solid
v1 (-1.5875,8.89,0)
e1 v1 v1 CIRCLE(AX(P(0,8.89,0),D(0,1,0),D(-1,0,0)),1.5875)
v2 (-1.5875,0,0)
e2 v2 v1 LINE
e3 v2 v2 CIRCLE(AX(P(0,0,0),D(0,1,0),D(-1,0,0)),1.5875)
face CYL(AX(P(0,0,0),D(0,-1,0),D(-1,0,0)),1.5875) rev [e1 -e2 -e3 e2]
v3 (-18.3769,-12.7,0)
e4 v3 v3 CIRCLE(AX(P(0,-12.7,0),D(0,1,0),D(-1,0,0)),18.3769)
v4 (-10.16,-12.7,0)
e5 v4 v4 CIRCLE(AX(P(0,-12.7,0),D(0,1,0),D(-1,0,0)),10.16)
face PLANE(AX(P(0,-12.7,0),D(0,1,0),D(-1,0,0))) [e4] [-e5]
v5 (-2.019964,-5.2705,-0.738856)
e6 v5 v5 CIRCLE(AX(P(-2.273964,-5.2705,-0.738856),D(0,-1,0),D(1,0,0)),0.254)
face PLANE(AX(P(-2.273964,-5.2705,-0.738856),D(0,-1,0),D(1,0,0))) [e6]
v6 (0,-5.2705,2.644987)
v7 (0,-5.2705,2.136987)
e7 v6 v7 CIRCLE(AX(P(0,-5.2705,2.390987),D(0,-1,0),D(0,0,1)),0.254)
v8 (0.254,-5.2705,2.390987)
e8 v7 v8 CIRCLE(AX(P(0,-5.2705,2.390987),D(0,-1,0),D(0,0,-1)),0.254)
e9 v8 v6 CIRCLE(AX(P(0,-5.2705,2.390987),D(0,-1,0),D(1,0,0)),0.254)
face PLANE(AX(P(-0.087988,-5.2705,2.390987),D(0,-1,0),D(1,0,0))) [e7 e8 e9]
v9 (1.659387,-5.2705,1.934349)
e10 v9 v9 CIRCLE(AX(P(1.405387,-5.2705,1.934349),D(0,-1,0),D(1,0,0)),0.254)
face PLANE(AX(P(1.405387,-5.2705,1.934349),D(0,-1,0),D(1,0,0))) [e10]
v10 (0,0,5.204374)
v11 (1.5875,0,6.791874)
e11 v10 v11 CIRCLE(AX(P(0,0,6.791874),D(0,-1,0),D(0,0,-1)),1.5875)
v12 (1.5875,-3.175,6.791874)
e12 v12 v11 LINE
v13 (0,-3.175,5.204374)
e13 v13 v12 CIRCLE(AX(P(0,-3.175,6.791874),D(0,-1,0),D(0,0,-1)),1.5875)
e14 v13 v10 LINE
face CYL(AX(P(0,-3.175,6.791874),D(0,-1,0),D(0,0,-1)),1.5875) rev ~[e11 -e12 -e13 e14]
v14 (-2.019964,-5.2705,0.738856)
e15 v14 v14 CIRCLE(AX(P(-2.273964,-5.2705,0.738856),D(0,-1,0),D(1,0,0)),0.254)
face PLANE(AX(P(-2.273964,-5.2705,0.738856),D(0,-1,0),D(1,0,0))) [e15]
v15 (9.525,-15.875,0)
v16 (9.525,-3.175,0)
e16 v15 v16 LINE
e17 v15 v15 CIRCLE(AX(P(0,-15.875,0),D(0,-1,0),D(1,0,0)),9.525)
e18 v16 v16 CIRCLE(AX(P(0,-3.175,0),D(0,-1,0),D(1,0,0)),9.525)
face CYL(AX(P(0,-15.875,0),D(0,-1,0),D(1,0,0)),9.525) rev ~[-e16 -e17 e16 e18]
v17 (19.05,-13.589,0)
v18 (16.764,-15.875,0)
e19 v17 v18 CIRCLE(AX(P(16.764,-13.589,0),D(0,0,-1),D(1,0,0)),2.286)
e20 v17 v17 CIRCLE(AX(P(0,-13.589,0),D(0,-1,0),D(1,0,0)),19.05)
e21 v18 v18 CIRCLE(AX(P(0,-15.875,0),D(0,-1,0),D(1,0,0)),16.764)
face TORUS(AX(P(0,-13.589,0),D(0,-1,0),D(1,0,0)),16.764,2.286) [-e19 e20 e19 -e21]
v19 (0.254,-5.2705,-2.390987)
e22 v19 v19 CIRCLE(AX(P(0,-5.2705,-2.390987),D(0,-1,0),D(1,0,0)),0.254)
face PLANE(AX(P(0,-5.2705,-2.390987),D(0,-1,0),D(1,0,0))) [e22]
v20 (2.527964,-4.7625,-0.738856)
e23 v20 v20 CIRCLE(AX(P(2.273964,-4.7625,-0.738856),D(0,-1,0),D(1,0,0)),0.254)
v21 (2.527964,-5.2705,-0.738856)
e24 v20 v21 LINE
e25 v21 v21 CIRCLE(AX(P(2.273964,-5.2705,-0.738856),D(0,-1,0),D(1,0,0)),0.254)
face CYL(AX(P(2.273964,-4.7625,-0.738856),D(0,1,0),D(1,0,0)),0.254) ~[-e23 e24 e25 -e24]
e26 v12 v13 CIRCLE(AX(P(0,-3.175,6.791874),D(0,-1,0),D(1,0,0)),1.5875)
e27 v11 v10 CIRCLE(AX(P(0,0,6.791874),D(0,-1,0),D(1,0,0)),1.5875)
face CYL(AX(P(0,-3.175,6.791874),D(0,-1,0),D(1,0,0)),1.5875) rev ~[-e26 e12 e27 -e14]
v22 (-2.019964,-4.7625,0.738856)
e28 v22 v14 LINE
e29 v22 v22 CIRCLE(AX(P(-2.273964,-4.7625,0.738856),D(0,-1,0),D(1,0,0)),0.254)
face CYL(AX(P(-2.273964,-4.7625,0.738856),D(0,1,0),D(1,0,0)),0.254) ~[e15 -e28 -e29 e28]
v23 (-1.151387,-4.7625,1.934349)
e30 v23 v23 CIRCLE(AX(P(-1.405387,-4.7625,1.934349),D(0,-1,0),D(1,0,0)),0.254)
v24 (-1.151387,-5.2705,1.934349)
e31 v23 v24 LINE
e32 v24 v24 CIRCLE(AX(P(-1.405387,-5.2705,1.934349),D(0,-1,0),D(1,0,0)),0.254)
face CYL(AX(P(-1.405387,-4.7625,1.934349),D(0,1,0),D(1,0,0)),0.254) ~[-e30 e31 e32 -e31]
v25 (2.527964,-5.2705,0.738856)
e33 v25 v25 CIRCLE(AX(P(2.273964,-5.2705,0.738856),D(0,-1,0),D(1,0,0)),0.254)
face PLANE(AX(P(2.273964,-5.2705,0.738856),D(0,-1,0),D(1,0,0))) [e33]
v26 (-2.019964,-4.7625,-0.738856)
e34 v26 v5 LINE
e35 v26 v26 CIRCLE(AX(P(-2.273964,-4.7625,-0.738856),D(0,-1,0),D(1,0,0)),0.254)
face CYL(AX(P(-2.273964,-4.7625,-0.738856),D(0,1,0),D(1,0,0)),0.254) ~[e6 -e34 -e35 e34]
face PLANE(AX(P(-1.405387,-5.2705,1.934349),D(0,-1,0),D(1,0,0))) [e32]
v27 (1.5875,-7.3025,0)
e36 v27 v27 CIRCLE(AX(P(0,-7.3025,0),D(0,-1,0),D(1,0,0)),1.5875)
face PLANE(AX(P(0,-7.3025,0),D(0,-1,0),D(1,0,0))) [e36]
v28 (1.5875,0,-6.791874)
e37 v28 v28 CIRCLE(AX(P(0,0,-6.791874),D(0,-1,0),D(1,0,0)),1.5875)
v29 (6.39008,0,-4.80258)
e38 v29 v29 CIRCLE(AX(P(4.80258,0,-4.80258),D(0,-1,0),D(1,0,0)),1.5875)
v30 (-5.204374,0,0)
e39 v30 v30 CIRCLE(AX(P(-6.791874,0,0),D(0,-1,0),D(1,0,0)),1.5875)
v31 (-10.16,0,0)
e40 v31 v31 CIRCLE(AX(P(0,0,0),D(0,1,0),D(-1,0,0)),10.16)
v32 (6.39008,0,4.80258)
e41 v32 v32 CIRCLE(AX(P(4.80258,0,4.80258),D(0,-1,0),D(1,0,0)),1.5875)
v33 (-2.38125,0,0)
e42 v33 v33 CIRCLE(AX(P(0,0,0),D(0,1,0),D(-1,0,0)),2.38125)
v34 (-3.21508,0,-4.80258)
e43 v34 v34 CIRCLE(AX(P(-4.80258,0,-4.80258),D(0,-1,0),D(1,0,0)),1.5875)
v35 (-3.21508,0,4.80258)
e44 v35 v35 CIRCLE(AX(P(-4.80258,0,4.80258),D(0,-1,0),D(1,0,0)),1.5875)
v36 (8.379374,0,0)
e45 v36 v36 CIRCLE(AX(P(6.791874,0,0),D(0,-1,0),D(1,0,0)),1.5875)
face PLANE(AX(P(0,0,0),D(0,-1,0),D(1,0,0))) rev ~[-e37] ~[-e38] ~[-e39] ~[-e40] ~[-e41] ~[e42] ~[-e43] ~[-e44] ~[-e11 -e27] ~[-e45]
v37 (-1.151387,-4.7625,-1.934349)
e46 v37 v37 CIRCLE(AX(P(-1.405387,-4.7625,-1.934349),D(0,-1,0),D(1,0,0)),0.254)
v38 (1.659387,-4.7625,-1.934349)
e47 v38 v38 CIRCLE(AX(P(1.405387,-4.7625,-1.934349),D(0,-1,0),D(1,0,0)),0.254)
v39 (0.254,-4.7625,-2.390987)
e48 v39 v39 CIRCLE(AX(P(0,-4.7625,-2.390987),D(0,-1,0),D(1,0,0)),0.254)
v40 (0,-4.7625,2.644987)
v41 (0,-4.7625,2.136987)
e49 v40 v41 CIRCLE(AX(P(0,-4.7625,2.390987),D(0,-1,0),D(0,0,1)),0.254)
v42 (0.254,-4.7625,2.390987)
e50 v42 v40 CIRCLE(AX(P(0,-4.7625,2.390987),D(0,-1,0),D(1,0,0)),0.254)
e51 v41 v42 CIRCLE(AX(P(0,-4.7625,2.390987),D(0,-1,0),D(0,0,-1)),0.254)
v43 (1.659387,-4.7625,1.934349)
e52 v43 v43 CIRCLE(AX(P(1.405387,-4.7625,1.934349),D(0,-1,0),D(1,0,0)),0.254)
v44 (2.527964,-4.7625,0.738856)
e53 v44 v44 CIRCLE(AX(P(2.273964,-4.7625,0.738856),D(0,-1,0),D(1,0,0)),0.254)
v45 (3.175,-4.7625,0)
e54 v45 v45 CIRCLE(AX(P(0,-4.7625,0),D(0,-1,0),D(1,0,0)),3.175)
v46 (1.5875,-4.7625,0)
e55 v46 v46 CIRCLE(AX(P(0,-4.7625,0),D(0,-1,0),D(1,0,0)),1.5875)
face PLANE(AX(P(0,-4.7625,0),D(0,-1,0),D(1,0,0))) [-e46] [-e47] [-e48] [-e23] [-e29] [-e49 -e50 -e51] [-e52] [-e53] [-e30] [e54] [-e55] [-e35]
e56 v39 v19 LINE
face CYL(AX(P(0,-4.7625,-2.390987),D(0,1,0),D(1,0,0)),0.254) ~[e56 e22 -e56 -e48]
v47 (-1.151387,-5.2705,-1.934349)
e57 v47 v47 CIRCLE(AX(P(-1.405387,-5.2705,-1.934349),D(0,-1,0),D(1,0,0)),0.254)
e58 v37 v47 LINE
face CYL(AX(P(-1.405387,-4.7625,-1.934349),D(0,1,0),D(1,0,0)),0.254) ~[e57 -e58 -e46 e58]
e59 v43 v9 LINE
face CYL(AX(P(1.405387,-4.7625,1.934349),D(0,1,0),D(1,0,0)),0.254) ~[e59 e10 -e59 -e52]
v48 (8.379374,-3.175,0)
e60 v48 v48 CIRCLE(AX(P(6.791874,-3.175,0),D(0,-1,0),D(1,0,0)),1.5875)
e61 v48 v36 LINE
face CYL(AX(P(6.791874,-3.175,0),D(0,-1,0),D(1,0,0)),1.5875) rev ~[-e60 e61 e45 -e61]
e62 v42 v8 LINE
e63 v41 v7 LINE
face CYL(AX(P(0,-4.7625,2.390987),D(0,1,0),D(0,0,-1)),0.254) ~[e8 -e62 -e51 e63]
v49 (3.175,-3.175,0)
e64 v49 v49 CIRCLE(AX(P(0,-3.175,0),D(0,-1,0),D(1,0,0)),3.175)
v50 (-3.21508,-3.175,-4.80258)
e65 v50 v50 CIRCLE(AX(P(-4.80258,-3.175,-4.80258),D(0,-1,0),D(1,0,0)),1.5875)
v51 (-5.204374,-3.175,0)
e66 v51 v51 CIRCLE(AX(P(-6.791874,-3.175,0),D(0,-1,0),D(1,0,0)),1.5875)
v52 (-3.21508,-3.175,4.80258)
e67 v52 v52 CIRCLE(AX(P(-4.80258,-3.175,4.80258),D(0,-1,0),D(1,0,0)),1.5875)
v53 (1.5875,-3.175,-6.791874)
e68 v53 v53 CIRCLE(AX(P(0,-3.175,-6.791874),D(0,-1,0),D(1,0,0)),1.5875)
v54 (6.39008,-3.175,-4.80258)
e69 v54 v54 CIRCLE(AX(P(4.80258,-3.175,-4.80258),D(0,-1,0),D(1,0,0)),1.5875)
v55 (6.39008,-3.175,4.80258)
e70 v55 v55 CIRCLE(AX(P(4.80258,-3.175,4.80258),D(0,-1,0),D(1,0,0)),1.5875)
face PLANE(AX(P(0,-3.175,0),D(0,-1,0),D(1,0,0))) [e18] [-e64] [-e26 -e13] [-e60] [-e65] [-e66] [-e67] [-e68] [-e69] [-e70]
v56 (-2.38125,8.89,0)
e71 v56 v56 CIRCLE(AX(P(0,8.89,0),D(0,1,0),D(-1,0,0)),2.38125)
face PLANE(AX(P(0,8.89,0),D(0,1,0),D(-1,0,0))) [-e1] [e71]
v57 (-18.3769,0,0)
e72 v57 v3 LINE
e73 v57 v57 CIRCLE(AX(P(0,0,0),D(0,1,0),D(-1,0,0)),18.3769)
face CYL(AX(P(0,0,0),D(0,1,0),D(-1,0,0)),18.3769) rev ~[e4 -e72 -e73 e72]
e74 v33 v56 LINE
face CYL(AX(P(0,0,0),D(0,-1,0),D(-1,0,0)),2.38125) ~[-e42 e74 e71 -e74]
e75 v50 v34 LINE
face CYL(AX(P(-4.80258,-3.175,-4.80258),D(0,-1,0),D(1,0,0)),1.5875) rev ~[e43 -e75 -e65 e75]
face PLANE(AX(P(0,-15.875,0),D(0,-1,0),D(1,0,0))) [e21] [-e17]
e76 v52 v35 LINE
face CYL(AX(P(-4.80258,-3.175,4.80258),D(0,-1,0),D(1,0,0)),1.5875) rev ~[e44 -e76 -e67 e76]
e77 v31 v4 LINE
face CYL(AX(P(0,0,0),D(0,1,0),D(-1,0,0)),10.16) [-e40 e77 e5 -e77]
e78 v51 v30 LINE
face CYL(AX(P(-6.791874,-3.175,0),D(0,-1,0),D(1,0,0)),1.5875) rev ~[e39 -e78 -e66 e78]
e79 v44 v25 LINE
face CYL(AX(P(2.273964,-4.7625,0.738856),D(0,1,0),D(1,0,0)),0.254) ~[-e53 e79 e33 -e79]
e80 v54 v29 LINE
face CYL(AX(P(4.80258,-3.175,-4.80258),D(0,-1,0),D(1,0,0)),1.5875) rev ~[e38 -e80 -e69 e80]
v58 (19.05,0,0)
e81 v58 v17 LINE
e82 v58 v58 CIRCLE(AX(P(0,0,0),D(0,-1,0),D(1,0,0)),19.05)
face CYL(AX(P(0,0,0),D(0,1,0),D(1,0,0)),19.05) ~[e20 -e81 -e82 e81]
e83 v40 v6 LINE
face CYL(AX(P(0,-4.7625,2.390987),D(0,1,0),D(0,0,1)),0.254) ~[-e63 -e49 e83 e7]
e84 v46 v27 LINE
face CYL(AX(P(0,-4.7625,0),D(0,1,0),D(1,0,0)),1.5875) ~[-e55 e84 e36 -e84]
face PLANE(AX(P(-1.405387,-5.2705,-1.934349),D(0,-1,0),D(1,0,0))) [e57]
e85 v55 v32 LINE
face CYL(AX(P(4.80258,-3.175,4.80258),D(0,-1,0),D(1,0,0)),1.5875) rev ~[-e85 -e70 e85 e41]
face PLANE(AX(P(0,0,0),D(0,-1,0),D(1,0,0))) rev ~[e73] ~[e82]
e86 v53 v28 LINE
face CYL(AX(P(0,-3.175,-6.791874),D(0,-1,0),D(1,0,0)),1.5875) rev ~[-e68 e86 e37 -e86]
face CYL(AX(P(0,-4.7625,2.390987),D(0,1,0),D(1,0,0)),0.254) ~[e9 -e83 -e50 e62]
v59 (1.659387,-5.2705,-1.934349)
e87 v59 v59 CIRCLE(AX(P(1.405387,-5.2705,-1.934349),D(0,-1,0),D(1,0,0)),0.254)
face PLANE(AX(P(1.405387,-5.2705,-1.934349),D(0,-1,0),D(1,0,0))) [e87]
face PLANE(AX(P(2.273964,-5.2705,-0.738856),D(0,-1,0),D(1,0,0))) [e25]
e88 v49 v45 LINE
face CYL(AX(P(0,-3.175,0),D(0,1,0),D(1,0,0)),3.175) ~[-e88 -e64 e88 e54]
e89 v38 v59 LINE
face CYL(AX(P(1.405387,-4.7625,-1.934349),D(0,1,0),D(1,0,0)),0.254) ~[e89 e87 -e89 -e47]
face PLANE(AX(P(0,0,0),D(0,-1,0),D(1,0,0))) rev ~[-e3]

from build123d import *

# Parameters (mm, degrees)
F0_R      = 19.05
F1_DEPTH  = 15.875
F2_R      = 9.525
F3_DEPTH  = 12.7
F4_R      = 18.3769
F4_R_2    = 10.16
F5_DEPTH  = 12.7
F6_R      = 1.5875
F7_DEPTH  = 25.4
F8_R      = 3.175
F9_DEPTH  = 1.5875
F10_R     = 1.5875
F11_DEPTH = 2.54
F12_R     = 0.254
F13_DEPTH = 0.508
F14_R     = 2.38125
F14_R_2   = 1.5875
F15_DEPTH = 8.89
F16_R     = 2.286


with BuildPart() as f1:
    # F0 (on Front) → F1 (new body)
    with BuildSketch(Plane.XZ):
        Circle(F0_R)
    extrude(amount=F1_DEPTH)

    # F2 (on face) → F3 (cut)
    with BuildSketch(Plane.XZ.offset(15.875)):
        Circle(F2_R)
    extrude(amount=-F3_DEPTH, mode=Mode.SUBTRACT)

    # F4 (on face) → F5 (cut)
    with BuildSketch(Plane(origin=(0, 0, 0), x_dir=(-1, 0, 0), z_dir=(0, 1, 0))):
        Circle(F4_R)
        Circle(F4_R_2, mode=Mode.SUBTRACT)
    extrude(amount=-F5_DEPTH, mode=Mode.SUBTRACT)

    # F6 (on face) → F7 (cut)
    with BuildSketch(Plane.XZ.offset(3.175)):
        with BuildLine():
            ThreePointArc((0, 5.2043736776), (1.1225320151, 5.6693416624), (1.5875, 6.7918736776))
            ThreePointArc((1.5875, 6.7918736776), (-1.1225320151, 7.9144056927), (0, 5.2043736776))
        make_face()
        with Locations((-4.8025799344, 4.8025799344)):
            Circle(F6_R)
        with Locations((-6.7918736776, 0)):
            Circle(F6_R)
        with Locations((-4.8025799344, -4.8025799344)):
            Circle(F6_R)
        with Locations((0, -6.7918736776)):
            Circle(F6_R)
        with Locations((4.8025799344, -4.8025799344)):
            Circle(F6_R)
        with Locations((6.7918736776, 0)):
            Circle(F6_R)
        with Locations((4.8025799344, 4.8025799344)):
            Circle(F6_R)
    extrude(amount=-F7_DEPTH, mode=Mode.SUBTRACT)

    # F8 (on face) → F9 (join)
    with BuildSketch(Plane.XZ.offset(3.175)):
        Circle(F8_R)
    extrude(amount=F9_DEPTH)

    # F10 (on face) → F11 (join)
    with BuildSketch(Plane.XZ.offset(4.7625)):
        Circle(F10_R)
    extrude(amount=F11_DEPTH)

    # F12 (on face) → F13 (join)
    with BuildSketch(Plane.XZ.offset(4.7625)):
        with BuildLine():
            ThreePointArc((0, 2.6449868941), (-0.254, 2.3909868941), (0, 2.1369868941))
            Line((0, 2.1369868941), (0, 2.6449868941))
        make_face()
        with BuildLine():
            Line((0, 2.6449868941), (0, 2.1369868941))
            ThreePointArc((0, 2.1369868941), (0.1796051224, 2.2113817717), (0.254, 2.3909868941))
            ThreePointArc((0.254, 2.3909868941), (0.1796051224, 2.5705920165), (0, 2.6449868941))
        make_face()
        with Locations((1.4053868348, 1.9343490307)):
            Circle(F12_R)
        with Locations((2.273963666, 0.7388555836)):
            Circle(F12_R)
        with Locations((2.273963666, -0.7388555836)):
            Circle(F12_R)
        with Locations((0, -2.3909868941)):
            Circle(F12_R)
        with Locations((-1.4053868348, -1.9343490307)):
            Circle(F12_R)
        with Locations((1.4053868348, -1.9343490307)):
            Circle(F12_R)
        with Locations((-2.273963666, 0.7388555836)):
            Circle(F12_R)
        with Locations((-1.4053868348, 1.9343490307)):
            Circle(F12_R)
        with Locations((-2.273963666, -0.7388555836)):
            Circle(F12_R)
    extrude(amount=F13_DEPTH)

    # F14 (on face) → F15 (join)
    with BuildSketch(Plane(origin=(0, 0, 0), x_dir=(-1, 0, 0), z_dir=(0, 1, 0))):
        Circle(F14_R)
        Circle(F14_R_2, mode=Mode.SUBTRACT)
    extrude(amount=F15_DEPTH)

    # F16
    f16_edges = [f1.edges().sort_by_distance(p)[0] for p in [
        (-19.05, -15.875, 0),
    ]]
    fillet(f16_edges, radius=F16_R)


solid = f1.part
